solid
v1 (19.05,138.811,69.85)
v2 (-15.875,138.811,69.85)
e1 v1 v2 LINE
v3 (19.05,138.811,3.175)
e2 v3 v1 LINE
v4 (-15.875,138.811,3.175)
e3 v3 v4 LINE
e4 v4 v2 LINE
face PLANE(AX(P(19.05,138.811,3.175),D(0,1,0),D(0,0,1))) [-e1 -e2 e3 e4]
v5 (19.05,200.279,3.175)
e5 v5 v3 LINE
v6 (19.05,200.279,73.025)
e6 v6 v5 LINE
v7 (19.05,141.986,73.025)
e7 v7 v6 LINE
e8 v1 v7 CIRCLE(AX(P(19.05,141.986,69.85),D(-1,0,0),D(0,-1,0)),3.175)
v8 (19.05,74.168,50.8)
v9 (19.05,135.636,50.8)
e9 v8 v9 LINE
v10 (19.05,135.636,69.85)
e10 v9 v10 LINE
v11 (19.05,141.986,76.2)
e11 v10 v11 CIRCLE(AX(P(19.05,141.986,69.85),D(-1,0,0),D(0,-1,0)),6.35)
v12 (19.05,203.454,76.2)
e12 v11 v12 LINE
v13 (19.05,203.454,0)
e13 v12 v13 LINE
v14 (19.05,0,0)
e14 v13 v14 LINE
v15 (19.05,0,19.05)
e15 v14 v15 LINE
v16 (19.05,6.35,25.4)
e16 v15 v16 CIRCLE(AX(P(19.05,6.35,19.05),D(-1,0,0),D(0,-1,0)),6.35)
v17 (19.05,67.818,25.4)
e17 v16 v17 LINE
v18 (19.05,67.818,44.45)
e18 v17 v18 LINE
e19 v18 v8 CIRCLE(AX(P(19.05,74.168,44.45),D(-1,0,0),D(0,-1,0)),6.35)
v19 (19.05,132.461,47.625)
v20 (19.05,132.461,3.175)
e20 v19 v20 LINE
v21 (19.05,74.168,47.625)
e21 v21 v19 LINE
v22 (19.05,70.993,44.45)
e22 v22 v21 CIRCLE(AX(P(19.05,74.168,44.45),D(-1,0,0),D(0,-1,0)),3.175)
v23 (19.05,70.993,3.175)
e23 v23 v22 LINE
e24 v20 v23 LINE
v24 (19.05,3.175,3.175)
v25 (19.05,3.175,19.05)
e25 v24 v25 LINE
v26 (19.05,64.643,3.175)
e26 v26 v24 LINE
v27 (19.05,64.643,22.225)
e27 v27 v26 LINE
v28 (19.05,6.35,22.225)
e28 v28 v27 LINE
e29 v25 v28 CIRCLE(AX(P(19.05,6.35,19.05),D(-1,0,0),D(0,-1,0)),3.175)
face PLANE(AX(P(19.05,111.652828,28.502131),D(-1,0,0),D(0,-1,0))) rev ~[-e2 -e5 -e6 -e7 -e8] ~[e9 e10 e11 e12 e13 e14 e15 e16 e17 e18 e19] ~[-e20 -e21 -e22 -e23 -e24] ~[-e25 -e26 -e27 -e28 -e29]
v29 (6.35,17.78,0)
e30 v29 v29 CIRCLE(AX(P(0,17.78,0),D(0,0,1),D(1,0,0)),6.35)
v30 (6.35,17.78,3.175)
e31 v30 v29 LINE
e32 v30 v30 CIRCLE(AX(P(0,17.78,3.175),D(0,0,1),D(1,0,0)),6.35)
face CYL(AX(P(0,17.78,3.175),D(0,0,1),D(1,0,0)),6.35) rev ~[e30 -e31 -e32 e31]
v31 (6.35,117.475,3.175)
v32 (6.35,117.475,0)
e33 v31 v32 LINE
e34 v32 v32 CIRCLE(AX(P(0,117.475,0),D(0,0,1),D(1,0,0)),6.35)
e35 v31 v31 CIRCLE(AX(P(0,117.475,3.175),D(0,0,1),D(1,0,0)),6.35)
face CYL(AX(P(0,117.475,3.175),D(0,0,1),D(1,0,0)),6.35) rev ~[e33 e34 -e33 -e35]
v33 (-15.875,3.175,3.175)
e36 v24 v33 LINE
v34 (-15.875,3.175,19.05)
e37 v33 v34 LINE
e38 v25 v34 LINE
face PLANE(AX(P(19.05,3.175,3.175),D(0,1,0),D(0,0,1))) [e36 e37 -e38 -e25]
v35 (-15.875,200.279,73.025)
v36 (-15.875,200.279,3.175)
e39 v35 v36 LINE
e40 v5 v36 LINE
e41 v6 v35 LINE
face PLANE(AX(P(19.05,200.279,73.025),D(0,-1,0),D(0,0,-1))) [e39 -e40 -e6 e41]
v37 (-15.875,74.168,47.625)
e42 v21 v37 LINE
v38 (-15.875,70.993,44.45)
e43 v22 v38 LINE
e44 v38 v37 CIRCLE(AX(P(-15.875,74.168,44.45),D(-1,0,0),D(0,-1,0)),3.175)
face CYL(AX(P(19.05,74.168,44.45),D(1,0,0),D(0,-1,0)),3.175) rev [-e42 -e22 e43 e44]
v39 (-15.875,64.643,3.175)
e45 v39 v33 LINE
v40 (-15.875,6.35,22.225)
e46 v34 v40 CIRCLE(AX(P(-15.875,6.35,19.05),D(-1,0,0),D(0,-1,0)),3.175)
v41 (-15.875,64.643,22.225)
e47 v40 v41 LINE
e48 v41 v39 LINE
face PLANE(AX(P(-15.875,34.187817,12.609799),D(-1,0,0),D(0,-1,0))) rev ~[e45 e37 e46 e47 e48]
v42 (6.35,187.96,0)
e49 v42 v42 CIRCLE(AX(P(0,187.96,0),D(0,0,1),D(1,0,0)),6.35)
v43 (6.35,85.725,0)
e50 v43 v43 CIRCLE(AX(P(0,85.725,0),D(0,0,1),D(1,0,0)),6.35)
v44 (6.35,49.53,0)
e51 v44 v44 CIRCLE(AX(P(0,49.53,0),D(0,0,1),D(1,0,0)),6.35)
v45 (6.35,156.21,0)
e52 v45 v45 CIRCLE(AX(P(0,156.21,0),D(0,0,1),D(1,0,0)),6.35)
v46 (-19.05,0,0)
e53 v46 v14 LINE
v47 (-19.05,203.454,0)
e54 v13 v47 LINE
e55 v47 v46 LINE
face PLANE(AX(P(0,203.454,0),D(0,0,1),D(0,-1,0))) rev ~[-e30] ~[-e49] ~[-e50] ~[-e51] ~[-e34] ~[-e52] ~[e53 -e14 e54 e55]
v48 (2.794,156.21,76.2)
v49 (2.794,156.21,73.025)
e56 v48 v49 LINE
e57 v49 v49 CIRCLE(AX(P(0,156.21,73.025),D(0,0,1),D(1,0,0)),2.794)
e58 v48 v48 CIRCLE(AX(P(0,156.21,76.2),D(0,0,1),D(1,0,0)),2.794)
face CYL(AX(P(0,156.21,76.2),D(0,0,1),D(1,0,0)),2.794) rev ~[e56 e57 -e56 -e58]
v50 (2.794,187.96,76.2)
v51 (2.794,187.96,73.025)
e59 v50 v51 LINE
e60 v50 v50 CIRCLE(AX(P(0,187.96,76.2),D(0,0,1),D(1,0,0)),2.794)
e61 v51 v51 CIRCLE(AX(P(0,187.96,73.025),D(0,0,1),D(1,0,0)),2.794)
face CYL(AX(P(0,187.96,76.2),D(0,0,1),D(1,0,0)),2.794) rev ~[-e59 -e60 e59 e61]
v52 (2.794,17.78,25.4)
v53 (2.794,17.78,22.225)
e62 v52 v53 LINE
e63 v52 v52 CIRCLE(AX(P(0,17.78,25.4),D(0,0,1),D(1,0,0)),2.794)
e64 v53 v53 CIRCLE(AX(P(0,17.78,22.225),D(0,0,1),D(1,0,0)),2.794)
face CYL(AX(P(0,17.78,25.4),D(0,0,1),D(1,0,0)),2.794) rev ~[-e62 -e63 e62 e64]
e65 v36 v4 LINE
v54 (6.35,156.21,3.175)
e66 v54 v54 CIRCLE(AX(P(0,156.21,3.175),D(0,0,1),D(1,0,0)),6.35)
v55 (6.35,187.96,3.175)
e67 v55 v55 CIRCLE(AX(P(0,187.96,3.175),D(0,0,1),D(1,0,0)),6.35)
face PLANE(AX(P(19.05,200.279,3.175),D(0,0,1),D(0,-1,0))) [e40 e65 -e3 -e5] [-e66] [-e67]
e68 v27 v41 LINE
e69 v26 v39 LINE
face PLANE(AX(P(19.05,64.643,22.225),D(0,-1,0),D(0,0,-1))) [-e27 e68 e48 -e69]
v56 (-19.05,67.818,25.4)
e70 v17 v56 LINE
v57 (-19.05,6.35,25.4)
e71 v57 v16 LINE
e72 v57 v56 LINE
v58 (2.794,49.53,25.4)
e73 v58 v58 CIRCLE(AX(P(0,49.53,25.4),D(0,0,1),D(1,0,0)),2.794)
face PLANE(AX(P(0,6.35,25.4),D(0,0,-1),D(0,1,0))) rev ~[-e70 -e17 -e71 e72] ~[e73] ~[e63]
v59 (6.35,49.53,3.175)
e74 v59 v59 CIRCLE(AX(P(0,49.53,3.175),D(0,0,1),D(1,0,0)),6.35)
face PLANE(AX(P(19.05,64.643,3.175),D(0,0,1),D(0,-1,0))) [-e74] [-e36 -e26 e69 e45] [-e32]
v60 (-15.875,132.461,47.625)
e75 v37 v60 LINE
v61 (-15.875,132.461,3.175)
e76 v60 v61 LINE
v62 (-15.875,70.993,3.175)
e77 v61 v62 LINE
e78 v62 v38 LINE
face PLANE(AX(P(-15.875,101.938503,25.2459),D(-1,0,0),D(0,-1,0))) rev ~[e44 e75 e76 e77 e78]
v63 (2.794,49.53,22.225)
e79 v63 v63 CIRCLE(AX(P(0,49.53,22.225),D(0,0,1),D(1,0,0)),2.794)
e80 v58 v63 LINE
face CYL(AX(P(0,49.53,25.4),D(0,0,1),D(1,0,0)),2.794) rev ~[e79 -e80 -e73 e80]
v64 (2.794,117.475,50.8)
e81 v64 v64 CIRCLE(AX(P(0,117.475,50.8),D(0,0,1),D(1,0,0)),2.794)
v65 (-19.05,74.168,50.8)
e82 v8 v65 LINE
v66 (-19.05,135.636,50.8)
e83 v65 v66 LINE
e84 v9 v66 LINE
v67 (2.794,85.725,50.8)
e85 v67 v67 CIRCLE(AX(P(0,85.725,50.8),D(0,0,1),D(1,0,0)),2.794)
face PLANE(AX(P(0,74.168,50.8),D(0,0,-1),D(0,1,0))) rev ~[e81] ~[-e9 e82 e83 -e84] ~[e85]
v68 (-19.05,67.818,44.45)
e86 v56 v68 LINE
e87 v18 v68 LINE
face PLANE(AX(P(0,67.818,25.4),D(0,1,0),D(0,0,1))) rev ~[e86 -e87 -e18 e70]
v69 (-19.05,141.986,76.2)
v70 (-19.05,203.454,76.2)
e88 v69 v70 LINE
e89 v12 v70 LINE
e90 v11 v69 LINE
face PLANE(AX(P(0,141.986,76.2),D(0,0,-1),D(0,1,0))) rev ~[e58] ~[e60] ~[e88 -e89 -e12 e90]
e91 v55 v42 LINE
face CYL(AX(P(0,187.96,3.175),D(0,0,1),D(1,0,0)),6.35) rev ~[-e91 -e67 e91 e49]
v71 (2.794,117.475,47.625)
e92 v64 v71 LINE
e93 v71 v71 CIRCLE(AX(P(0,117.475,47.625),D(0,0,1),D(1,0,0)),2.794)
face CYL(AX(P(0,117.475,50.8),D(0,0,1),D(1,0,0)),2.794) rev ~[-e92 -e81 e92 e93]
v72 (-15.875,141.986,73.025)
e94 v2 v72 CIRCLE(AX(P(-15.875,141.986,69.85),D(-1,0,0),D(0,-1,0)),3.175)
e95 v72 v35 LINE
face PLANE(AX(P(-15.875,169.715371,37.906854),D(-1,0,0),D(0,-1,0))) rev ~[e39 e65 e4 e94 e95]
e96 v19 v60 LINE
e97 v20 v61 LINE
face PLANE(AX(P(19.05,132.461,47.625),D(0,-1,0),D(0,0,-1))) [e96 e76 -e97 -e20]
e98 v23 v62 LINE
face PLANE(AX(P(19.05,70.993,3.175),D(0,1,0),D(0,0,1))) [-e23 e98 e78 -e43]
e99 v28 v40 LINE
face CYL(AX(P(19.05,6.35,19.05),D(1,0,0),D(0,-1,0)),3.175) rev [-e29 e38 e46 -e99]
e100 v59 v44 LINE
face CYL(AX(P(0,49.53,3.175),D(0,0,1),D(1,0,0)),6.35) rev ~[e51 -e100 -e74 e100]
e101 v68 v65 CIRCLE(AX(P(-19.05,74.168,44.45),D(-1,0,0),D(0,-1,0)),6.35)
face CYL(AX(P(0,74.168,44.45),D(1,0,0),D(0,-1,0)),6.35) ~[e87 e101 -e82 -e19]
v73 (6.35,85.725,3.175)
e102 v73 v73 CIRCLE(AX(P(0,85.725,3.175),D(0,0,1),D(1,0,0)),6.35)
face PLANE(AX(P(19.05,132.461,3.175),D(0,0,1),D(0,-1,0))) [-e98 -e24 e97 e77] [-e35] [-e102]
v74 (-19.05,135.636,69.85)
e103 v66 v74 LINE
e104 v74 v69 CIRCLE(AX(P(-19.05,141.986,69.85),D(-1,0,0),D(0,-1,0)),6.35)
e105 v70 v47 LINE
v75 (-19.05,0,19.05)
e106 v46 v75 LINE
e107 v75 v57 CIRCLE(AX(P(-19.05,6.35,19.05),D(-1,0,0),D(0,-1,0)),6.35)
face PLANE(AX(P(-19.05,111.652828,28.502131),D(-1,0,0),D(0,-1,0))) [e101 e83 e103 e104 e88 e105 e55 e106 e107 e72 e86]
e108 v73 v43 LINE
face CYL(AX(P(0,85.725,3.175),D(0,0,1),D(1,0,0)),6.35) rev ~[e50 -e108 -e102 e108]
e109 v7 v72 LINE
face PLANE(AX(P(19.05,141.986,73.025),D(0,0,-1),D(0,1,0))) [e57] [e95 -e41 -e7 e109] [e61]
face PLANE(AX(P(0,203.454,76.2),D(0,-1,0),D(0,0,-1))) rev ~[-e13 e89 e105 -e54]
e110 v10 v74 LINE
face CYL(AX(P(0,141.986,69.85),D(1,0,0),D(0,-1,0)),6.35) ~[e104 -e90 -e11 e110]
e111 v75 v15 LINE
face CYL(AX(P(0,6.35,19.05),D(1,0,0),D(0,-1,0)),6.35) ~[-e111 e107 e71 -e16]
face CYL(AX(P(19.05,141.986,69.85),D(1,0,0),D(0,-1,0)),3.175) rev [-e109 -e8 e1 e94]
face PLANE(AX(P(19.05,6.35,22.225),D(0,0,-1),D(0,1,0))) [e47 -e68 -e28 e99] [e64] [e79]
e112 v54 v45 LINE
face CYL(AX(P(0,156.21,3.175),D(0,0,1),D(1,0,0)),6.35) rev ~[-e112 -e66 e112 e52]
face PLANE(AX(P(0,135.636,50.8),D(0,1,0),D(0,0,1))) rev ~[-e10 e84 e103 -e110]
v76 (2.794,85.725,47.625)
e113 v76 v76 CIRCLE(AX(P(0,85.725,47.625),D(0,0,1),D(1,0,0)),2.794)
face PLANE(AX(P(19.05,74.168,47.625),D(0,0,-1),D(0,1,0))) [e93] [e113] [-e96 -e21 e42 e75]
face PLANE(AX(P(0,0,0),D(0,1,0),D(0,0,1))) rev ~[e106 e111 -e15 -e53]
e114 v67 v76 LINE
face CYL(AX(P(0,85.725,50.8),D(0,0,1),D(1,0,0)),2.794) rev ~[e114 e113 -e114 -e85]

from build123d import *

# Parameters (mm, degrees)
BOSS_EXTRUDE1_DEPTH     = 19.05
CUT_EXTRUDE1_DEPTH      = 1
CUT_EXTRUDE1_DEPTH_BACK = 34.925
SKETCH4_R               = 2.794
CUT_EXTRUDE2_DEPTH      = 51.8
CUT_EXTRUDE2_DEPTH_BACK = 26.4
SKETCH5_R               = 2.794
CUT_EXTRUDE3_DEPTH      = 26.4
CUT_EXTRUDE3_DEPTH_BACK = 51.8
SKETCH6_R               = 2.794
CUT_EXTRUDE4_DEPTH      = 1
CUT_EXTRUDE4_DEPTH_BACK = 77.2
SKETCH7_R               = 6.35
CUT_EXTRUDE6_DEPTH      = 34.925


with BuildPart() as part:
    # Sketch1 → Boss-Extrude1 (new body, symmetric)
    with BuildSketch(Plane.YZ):
        with BuildLine():
            Line((6.35, 25.4), (67.818, 25.4))
            Line((67.818, 25.4), (67.818, 44.45))
            ThreePointArc((67.818, 44.45), (69.677871939, 48.940128061), (74.168, 50.8))
            Line((74.168, 50.8), (135.636, 50.8))
            Line((135.636, 50.8), (135.636, 69.85))
            ThreePointArc((135.636, 69.85), (137.495871939, 74.340128061), (141.986, 76.2))
            Line((141.986, 76.2), (203.454, 76.2))
            Line((203.454, 76.2), (203.454, 0))
            Line((203.454, 0), (112.272540658, 0))
            Line((112.272540658, 0), (108.743815039, 0))
            Line((108.743815039, 0), (0, 0))
            Line((0, 0), (0, 19.05))
            ThreePointArc((0, 19.05), (1.859871939, 23.540128061), (6.35, 25.4))
        make_face()
    extrude(amount=BOSS_EXTRUDE1_DEPTH, both=True)

    # Sketch2 → Cut-Extrude1 (cut, two sides)
    with BuildSketch(Plane.YZ.offset(19.05)) as cut_extrude1_sk:
        with BuildLine():
            Line((6.35, 22.225), (64.643, 22.225))
            Line((64.643, 22.225), (64.643, 3.175))
            Line((64.643, 3.175), (3.175, 3.175))
            Line((3.175, 3.175), (3.175, 19.05))
            ThreePointArc((3.175, 19.05), (4.10493597, 21.29506403), (6.35, 22.225))
        make_face()
        with BuildLine():
            Line((74.168, 47.625), (132.461, 47.625))
            Line((132.461, 47.625), (132.461, 3.175))
            Line((132.461, 3.175), (70.993, 3.175))
            Line((70.993, 3.175), (70.993, 44.45))
            ThreePointArc((70.993, 44.45), (71.92293597, 46.69506403), (74.168, 47.625))
        make_face()
        with BuildLine():
            Line((141.986, 73.025), (200.279, 73.025))
            Line((200.279, 73.025), (200.279, 3.175))
            Line((200.279, 3.175), (138.811, 3.175))
            Line((138.811, 3.175), (138.811, 69.85))
            ThreePointArc((138.811, 69.85), (139.74093597, 72.09506403), (141.986, 73.025))
        make_face()
    extrude(amount=CUT_EXTRUDE1_DEPTH, mode=Mode.SUBTRACT)
    extrude(cut_extrude1_sk.sketch, amount=-CUT_EXTRUDE1_DEPTH_BACK, mode=Mode.SUBTRACT)

    # Sketch4 → Cut-Extrude2 (cut, two sides)
    with BuildSketch(Plane.XY.offset(25.4)) as cut_extrude2_sk:
        with Locations((0, 17.78)):
            Circle(SKETCH4_R)
        with Locations((0, 49.53)):
            Circle(SKETCH4_R)
    extrude(amount=CUT_EXTRUDE2_DEPTH, mode=Mode.SUBTRACT)
    extrude(cut_extrude2_sk.sketch, amount=-CUT_EXTRUDE2_DEPTH_BACK, mode=Mode.SUBTRACT)

    # Sketch5 → Cut-Extrude3 (cut, two sides)
    with BuildSketch(Plane.XY.offset(50.8)) as cut_extrude3_sk:
        with Locations((0, 85.725)):
            Circle(SKETCH5_R)
        with Locations((0, 117.475)):
            Circle(SKETCH5_R)
    extrude(amount=CUT_EXTRUDE3_DEPTH, mode=Mode.SUBTRACT)
    extrude(cut_extrude3_sk.sketch, amount=-CUT_EXTRUDE3_DEPTH_BACK, mode=Mode.SUBTRACT)

    # Sketch6 → Cut-Extrude4 (cut, two sides)
    with BuildSketch(Plane.XY.offset(76.2)) as cut_extrude4_sk:
        with Locations((0, 156.21)):
            Circle(SKETCH6_R)
        with Locations((0, 187.96)):
            Circle(SKETCH6_R)
    extrude(amount=CUT_EXTRUDE4_DEPTH, mode=Mode.SUBTRACT)
    extrude(cut_extrude4_sk.sketch, amount=-CUT_EXTRUDE4_DEPTH_BACK, mode=Mode.SUBTRACT)

    # Sketch7 → Cut-Extrude6 (cut)
    with BuildSketch(Plane.XY.offset(3.175)):
        with Locations((0, 17.78)):
            Circle(SKETCH7_R)
        with Locations((0, 49.53)):
            Circle(SKETCH7_R)
        with Locations((0, 85.725)):
            Circle(SKETCH7_R)
        with Locations((0, 117.475)):
            Circle(SKETCH7_R)
        with Locations((0, 156.21)):
            Circle(SKETCH7_R)
        with Locations((0, 187.96)):
            Circle(SKETCH7_R)
    extrude(amount=-CUT_EXTRUDE6_DEPTH, mode=Mode.SUBTRACT)


solid = part.part
